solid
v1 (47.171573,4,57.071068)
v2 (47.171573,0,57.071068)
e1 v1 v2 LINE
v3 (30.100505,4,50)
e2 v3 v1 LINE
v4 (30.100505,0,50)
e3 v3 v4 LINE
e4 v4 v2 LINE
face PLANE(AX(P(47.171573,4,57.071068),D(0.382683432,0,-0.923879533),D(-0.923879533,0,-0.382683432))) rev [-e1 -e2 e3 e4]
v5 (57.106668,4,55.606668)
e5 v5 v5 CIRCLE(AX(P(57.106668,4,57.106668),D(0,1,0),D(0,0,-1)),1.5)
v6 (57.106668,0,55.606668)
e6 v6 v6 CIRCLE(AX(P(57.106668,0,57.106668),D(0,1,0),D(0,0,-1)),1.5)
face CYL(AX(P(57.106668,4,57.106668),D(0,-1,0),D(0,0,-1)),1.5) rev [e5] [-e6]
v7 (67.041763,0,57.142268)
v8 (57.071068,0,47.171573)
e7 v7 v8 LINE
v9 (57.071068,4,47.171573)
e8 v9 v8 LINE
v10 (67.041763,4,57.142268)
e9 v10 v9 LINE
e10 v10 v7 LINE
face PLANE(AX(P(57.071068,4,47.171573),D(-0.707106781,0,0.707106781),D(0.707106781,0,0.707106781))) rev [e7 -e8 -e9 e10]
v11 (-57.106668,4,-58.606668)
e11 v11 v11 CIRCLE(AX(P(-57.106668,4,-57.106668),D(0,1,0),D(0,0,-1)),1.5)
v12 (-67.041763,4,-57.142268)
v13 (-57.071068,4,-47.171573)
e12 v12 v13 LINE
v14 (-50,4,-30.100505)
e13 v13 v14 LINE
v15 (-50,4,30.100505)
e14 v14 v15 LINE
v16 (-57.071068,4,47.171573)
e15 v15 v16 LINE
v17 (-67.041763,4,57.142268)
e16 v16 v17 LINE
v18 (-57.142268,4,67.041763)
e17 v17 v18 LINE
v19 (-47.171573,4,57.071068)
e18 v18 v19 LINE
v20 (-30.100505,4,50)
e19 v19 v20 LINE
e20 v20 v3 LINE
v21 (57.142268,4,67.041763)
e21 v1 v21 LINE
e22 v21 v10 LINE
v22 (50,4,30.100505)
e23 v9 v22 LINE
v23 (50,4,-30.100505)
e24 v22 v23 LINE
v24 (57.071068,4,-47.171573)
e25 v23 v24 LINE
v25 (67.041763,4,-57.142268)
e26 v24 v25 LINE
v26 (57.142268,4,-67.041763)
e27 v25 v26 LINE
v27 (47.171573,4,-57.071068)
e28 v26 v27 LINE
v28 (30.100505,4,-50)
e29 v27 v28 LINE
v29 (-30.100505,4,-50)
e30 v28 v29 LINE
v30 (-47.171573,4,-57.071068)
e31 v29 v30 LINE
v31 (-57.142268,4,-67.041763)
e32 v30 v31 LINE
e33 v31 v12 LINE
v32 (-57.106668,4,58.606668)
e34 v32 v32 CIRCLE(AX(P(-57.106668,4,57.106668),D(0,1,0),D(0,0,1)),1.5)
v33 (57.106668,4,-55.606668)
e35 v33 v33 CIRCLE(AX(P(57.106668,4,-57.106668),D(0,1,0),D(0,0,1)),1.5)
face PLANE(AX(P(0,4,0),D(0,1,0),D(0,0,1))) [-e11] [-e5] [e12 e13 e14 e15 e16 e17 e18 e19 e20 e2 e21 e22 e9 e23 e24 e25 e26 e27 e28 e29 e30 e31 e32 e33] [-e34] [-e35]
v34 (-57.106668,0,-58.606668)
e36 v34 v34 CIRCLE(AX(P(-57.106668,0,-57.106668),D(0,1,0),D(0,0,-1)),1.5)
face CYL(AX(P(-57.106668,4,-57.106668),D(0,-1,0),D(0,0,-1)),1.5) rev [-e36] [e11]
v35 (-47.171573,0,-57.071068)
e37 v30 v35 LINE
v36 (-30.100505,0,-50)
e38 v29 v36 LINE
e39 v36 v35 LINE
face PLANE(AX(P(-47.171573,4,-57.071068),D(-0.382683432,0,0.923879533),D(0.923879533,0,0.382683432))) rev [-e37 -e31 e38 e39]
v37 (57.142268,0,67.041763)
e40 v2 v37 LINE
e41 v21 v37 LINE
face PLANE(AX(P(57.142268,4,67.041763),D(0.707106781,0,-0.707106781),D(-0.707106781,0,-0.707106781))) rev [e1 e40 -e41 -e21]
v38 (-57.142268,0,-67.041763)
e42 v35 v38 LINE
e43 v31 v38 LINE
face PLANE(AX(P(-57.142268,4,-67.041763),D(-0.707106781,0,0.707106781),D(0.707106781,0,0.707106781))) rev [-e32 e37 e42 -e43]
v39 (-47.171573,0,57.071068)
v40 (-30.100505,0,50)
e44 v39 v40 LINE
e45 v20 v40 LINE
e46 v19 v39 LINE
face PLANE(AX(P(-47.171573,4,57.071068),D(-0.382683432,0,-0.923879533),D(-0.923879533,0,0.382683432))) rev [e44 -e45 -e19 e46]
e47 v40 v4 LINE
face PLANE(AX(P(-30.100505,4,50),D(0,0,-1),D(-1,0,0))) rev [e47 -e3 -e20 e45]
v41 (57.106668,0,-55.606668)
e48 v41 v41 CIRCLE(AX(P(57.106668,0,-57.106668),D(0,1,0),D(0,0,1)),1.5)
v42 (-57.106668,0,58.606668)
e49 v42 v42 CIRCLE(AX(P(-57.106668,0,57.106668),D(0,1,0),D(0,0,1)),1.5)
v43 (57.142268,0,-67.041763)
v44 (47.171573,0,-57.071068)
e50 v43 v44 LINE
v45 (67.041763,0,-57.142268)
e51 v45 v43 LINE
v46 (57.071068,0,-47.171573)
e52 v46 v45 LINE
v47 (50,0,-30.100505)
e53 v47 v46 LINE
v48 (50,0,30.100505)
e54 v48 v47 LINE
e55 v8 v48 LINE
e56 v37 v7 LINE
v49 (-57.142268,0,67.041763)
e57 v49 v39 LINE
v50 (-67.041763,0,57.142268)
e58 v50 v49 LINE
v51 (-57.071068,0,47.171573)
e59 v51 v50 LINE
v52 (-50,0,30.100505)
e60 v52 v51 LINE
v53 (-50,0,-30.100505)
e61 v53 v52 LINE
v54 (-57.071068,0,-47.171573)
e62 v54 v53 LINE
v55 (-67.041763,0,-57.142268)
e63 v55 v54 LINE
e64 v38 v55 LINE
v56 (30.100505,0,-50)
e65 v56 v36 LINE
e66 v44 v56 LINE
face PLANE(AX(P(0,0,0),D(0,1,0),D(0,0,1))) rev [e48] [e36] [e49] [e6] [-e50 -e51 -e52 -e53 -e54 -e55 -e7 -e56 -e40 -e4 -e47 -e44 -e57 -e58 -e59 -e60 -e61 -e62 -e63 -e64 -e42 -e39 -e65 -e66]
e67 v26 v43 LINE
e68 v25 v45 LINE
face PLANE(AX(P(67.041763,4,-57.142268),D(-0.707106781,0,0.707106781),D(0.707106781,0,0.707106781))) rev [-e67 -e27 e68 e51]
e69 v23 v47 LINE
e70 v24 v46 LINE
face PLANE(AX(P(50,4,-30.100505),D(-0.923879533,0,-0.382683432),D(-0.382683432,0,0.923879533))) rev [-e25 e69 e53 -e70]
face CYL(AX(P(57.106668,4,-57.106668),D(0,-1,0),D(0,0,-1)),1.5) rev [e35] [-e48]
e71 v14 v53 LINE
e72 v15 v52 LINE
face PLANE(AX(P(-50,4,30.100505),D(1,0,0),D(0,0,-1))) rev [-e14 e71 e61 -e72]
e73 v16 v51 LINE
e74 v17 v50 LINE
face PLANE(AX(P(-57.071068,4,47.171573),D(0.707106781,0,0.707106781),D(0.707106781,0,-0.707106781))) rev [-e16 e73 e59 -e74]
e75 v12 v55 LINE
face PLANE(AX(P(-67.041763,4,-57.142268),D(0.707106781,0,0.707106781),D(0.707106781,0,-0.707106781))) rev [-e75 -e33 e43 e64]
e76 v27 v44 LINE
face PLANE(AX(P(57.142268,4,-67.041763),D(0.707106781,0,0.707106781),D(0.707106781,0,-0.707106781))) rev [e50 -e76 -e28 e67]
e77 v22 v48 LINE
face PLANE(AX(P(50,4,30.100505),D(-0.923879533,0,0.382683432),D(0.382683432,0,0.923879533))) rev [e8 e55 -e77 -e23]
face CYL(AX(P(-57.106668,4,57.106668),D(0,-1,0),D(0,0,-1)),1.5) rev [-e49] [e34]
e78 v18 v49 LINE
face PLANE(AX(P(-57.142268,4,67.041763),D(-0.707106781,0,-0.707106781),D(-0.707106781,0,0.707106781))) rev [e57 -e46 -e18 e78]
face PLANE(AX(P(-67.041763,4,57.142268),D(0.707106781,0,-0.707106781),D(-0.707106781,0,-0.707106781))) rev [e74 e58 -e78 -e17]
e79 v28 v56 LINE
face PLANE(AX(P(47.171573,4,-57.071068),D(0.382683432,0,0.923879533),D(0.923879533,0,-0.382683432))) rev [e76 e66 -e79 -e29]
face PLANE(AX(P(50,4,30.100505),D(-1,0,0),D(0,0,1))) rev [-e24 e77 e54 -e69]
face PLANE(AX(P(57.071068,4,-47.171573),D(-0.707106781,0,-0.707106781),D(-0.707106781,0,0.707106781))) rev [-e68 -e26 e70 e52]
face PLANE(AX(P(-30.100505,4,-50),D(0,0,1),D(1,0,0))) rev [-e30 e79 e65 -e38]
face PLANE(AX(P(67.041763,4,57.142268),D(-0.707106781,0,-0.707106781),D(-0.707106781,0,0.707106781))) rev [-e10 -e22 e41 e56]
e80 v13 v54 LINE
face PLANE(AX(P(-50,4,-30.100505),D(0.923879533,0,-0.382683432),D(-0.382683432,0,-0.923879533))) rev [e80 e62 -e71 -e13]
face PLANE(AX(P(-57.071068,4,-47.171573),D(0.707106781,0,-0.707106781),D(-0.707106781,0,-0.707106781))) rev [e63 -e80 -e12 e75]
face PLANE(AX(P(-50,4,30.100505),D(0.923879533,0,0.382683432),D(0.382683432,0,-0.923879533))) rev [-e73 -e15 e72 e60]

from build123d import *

# Parameters (mm, degrees)
SKETCH1_R           = 1.5
BOSS_EXTRUDE2_DEPTH = 4


with BuildPart() as part:
    # Sketch1 → Boss-Extrude2 (new body)
    with BuildSketch(Plane(origin=(0, 0, 0), x_dir=(1, 0, 0), z_dir=(0, 1, 0))):
        Polygon((-30.100505063, -50), (30.100505063, -50), (47.171572875, -57.071067812), (57.142268085, -67.041763021), (67.041763021, -57.142268085), (57.071067812, -47.171572875), (50, -30.100505063), (50, 30.100505063), (57.071067812, 47.171572875), (67.041763021, 57.142268085), (57.142268085, 67.041763021), (47.171572875, 57.071067812), (30.100505063, 50), (-30.100505063, 50), (-47.171572875, 57.071067812), (-57.142268085, 67.041763021), (-67.041763021, 57.142268085), (-57.071067812, 47.171572875), (-50, 30.100505063), (-50, -30.100505063), (-57.071067812, -47.171572875), (-67.041763021, -57.142268085), (-57.142268085, -67.041763021), (-47.171572875, -57.071067812), align=None)
        with Locations(Location((-57.106667948, -57.106667948, 0), (0, 0, 270))):
            Circle(SKETCH1_R, mode=Mode.SUBTRACT)
        with Locations(Location((-57.106667948, 57.106667948, 0), (0, 0, 90))):
            Circle(SKETCH1_R, mode=Mode.SUBTRACT)
        with Locations(Location((57.106667948, -57.106667948, 0), (0, 0, 90))):
            Circle(SKETCH1_R, mode=Mode.SUBTRACT)
        with Locations(Location((57.106667948, 57.106667948, 0), (0, 0, 270))):
            Circle(SKETCH1_R, mode=Mode.SUBTRACT)
    extrude(amount=BOSS_EXTRUDE2_DEPTH)


solid = part.part
